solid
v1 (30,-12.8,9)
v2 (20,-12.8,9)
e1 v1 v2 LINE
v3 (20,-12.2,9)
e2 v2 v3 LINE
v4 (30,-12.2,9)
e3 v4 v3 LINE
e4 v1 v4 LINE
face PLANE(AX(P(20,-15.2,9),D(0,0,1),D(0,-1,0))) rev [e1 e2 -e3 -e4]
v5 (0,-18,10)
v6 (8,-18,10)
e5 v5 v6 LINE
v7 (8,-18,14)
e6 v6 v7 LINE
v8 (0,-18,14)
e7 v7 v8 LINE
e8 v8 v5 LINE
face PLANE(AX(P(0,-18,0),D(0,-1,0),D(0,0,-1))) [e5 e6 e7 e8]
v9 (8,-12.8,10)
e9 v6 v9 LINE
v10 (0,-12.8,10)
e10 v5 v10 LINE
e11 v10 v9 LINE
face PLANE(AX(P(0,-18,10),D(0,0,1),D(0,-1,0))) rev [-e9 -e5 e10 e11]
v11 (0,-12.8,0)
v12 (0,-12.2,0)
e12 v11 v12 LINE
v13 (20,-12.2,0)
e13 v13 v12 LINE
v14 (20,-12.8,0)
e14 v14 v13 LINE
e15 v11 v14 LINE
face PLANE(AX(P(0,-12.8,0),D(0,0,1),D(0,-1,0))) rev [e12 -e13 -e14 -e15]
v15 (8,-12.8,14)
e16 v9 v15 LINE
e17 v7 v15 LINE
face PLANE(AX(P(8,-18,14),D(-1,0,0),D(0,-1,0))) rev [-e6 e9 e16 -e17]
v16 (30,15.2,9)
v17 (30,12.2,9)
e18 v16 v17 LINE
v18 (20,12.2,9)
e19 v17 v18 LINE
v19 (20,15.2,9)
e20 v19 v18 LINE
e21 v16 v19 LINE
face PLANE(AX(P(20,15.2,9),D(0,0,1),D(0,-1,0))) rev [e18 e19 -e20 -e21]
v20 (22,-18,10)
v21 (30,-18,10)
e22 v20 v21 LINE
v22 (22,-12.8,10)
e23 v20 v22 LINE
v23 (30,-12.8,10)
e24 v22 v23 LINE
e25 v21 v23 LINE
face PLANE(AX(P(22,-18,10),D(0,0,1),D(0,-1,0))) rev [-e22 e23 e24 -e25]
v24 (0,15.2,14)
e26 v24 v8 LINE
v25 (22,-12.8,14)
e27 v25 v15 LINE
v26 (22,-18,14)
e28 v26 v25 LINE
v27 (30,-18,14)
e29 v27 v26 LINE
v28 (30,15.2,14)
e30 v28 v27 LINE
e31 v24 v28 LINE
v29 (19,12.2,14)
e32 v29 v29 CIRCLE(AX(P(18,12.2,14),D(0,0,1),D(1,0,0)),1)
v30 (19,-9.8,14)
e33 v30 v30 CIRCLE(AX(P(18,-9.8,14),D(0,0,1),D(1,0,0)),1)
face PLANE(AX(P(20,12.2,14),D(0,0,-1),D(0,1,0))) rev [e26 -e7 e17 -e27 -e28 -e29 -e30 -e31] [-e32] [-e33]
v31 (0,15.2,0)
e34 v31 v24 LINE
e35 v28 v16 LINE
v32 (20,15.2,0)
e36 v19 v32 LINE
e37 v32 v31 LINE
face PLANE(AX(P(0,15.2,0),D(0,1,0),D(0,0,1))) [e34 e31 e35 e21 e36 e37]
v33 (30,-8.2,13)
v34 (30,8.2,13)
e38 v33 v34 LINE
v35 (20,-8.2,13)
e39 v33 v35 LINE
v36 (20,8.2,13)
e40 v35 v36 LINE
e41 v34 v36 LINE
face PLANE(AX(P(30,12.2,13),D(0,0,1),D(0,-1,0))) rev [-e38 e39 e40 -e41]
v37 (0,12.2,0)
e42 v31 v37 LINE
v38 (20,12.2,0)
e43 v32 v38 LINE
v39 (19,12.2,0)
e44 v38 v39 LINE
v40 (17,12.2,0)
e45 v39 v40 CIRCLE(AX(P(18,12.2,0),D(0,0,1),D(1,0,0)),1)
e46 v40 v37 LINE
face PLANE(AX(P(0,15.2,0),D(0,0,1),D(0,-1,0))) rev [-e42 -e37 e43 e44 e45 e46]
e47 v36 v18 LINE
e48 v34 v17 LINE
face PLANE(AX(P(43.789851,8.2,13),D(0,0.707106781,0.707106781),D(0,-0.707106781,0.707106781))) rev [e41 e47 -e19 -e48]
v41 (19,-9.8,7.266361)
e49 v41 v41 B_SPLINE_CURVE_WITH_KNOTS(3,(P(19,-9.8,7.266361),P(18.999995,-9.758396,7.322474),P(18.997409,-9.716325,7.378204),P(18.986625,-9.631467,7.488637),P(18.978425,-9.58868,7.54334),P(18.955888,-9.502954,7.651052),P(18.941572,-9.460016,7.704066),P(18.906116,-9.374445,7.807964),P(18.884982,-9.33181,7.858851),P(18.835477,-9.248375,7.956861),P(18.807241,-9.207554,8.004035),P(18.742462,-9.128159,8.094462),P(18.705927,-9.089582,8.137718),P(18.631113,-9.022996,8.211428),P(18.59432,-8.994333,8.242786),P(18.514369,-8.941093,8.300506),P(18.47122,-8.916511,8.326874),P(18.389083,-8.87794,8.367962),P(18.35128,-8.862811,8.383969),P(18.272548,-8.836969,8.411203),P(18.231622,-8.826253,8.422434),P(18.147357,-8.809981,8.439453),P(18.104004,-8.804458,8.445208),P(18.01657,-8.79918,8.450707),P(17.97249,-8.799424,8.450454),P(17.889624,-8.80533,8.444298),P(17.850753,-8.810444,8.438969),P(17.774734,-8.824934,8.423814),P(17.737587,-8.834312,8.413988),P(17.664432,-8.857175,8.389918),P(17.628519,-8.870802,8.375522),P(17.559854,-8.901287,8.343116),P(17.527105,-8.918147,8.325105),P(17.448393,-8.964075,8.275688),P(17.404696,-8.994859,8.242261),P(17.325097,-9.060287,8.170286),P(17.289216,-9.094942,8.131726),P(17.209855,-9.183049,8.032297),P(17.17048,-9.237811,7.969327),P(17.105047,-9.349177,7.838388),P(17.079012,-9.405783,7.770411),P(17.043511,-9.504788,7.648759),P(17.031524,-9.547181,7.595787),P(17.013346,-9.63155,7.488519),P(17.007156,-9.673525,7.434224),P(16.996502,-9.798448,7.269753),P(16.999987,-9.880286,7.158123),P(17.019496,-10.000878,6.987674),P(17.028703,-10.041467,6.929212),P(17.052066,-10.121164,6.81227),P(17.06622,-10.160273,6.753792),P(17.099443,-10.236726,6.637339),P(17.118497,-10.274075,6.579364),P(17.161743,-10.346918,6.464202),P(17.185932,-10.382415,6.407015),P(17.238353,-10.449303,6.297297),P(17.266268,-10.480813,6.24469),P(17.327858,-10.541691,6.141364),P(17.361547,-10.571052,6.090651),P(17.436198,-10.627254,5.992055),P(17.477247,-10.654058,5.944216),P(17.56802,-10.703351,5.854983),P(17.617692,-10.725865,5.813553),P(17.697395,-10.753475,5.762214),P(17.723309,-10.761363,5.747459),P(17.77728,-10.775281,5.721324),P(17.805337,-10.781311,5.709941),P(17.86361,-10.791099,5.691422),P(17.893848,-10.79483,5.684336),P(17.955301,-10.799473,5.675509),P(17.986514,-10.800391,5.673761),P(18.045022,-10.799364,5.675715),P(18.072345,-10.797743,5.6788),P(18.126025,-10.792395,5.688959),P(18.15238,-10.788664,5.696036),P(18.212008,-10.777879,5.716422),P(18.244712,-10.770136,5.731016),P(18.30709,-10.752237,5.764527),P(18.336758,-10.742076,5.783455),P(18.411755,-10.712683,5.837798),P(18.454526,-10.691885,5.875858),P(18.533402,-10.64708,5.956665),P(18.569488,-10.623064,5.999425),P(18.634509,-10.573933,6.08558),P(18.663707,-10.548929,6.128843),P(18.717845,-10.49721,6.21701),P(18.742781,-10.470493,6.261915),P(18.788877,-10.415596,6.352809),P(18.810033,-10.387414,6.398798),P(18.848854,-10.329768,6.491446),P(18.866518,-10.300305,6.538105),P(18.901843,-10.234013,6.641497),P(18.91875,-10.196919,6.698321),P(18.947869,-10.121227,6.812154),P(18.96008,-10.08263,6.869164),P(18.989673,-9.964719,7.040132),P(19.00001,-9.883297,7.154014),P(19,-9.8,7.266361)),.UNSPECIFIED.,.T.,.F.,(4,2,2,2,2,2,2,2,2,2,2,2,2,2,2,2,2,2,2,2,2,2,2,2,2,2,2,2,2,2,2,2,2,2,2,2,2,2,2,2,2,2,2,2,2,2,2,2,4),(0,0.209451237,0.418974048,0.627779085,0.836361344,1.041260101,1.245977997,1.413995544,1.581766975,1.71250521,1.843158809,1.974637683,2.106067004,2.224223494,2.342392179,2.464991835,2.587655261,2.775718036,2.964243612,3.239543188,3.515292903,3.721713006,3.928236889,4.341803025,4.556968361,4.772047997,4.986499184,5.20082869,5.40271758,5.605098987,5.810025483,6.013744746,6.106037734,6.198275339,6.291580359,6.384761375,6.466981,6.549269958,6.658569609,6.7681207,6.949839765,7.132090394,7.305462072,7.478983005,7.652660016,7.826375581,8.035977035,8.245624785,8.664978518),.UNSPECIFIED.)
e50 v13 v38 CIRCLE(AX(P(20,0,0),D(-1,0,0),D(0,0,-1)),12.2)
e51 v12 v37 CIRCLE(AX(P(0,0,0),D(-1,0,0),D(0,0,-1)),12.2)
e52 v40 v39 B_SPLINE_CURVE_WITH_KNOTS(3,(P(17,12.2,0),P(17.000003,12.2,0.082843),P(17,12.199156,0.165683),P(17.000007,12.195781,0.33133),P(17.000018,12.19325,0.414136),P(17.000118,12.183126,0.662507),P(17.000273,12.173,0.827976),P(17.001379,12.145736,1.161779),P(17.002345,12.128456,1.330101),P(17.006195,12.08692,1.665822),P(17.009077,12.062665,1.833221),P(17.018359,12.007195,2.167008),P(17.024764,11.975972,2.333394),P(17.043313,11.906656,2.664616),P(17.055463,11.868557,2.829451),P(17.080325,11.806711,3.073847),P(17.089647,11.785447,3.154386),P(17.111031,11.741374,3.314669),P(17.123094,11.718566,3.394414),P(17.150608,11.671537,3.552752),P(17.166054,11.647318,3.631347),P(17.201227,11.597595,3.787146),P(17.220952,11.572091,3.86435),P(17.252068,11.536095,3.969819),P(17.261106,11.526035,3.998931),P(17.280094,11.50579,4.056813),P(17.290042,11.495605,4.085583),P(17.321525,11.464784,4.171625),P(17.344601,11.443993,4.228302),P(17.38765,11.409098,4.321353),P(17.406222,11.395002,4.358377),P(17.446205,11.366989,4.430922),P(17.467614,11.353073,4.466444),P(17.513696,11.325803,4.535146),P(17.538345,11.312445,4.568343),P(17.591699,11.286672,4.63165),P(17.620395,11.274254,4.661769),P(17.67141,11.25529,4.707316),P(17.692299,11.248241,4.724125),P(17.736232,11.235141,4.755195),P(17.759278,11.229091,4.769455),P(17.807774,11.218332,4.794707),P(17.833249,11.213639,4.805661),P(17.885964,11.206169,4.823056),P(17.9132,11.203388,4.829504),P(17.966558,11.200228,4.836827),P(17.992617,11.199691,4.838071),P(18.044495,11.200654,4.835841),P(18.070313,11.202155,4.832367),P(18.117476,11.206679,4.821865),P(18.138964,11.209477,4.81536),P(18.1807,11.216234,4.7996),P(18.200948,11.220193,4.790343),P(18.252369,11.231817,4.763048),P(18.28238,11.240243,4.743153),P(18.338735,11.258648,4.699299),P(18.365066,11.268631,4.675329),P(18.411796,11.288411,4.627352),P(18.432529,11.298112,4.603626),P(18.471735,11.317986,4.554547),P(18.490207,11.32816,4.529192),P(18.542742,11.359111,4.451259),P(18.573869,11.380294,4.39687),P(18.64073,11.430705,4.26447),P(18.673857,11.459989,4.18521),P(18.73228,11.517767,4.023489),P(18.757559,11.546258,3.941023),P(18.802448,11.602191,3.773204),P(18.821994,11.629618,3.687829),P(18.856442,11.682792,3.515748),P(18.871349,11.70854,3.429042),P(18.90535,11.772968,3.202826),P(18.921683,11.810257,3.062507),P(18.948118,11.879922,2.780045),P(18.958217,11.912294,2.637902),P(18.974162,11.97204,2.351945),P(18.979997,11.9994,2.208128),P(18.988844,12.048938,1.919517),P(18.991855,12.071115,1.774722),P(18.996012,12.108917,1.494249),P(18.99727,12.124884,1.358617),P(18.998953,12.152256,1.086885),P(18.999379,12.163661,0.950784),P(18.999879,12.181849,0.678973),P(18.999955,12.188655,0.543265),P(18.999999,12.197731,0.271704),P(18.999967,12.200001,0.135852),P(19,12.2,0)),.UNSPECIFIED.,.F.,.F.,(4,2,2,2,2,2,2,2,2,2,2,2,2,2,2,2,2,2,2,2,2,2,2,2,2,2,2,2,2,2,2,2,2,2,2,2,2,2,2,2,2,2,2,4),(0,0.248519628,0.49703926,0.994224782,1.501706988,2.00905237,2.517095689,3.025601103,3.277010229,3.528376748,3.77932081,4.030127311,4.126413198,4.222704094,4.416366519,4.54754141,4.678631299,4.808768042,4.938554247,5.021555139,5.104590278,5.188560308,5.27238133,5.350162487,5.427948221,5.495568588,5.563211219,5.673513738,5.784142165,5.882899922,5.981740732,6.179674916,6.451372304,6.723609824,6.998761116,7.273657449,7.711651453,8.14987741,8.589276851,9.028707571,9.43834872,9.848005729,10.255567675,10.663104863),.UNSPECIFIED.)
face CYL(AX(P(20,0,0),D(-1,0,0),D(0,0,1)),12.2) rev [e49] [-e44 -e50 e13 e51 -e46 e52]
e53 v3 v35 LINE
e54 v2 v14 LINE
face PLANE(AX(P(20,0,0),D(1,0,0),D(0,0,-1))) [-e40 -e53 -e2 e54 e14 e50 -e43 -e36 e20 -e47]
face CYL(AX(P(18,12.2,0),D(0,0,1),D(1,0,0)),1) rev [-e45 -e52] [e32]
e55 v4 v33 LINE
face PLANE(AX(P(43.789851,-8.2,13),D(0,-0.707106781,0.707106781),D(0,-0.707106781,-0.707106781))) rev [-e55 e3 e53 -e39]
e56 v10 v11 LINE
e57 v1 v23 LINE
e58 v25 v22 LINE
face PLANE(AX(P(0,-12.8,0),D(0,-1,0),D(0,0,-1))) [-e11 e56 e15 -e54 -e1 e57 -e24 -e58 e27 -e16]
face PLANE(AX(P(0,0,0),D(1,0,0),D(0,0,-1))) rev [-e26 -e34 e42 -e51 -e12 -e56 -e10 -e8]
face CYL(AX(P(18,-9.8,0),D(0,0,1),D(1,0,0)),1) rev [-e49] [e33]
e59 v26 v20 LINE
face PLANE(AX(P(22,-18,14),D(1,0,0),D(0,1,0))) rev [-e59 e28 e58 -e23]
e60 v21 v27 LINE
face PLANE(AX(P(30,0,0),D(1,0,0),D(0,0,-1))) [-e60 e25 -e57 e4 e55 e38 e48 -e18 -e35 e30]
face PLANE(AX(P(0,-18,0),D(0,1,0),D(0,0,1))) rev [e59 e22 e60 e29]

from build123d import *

# Parameters (mm, degrees)
EXTRUDE_1_DEPTH     = 20
SKETCH_2_W          = 1
SKETCH_2_H          = 24.4
EXTRUDE_2_DEPTH     = 10
EXTRUDE_4_DEPTH     = 0.6
EXTRUDE_5_DEPTH     = 10
SKETCH_8_W          = 8
SKETCH_8_H          = 4
EXTRUDE_6_DEPTH     = 5.2
EXTRUDE_7_DEPTH     = 3
SKETCH_3_R          = 1
CUT_EXTRUDE_1_DEPTH = 38.682887363
SKETCH_10_W         = 10
SKETCH_10_H         = 9
CUT_EXTRUDE_2_DEPTH = 3


with BuildPart() as part:
    # 草图1 → 凸台-拉伸1 (new body)
    with BuildSketch(Plane(origin=(0, 0, 0), x_dir=(0, 0, -1), z_dir=(1, 0, 0))):
        with BuildLine():
            Line((0, 12.2), (-14, 12.2))
            Line((-14, 12.2), (-14, -12.2))
            Line((-14, -12.2), (0, -12.2))
            ThreePointArc((0, -12.2), (-12.2, 0), (0, 12.2))
        make_face()
    extrude(amount=EXTRUDE_1_DEPTH)

    # 草图2 → 凸台-拉伸2 (add)
    with BuildSketch(Plane(origin=(20, 0, 0), x_dir=(0, 0, -1), z_dir=(1, 0, 0))):
        with Locations((-13.5, 0)):
            Rectangle(SKETCH_2_W, SKETCH_2_H)
    extrude(amount=EXTRUDE_2_DEPTH)

    # 草图6 → 凸台-拉伸4 (add)
    with BuildSketch(Plane.XZ.offset(12.2)):
        Polygon((0, 14), (0, 0), (20, 0), (20, 13), (30, 13), (30, 14), align=None)
    extrude(amount=EXTRUDE_4_DEPTH)

    # 草图7 → 凸台-拉伸5 (add)
    with BuildSketch(Plane(origin=(20, 0, 0), x_dir=(0, 0, -1), z_dir=(1, 0, 0))):
        Polygon((0, -12.2), (-9, -12.2), (-13, -8.2), (-13, -12.8), (0, -12.8), align=None)
        Polygon((-13, 8.2), (-9, 12.2), (-13, 12.2), align=None)
    extrude(amount=EXTRUDE_5_DEPTH)

    # 草图8 → 凸台-拉伸6 (add)
    with BuildSketch(Plane.XZ.offset(12.8)):
        with Locations((4, 12)):
            Rectangle(SKETCH_8_W, SKETCH_8_H)
        with Locations((26, 12)):
            Rectangle(SKETCH_8_W, SKETCH_8_H)
    extrude(amount=EXTRUDE_6_DEPTH)

    # 草图9 → 凸台-拉伸7 (add)
    with BuildSketch(Plane(origin=(0, 12.2, 0), x_dir=(1, 0, 0), z_dir=(0, 1, 0))):
        Polygon((0, 0), (20, 0), (20, -9), (30, -9), (30, -14), (0, -14), align=None)
    extrude(amount=EXTRUDE_7_DEPTH)

    # 草图3 → 切除-拉伸1 (cut, through all)
    with BuildSketch(Plane.XY.offset(14)):
        with Locations((18, 12.2)):
            Circle(SKETCH_3_R)
        with Locations((18, -9.8)):
            Circle(SKETCH_3_R)
    extrude(amount=-CUT_EXTRUDE_1_DEPTH, mode=Mode.SUBTRACT)

    # 草图10 → 切除-拉伸2 (cut)
    with BuildSketch(Plane(origin=(0, -12.2, 0), x_dir=(1, 0, 0), z_dir=(0, 1, 0))):
        with Locations((25, -4.5)):
            Rectangle(SKETCH_10_W, SKETCH_10_H)
    extrude(amount=-CUT_EXTRUDE_2_DEPTH, mode=Mode.SUBTRACT)


solid = part.part
